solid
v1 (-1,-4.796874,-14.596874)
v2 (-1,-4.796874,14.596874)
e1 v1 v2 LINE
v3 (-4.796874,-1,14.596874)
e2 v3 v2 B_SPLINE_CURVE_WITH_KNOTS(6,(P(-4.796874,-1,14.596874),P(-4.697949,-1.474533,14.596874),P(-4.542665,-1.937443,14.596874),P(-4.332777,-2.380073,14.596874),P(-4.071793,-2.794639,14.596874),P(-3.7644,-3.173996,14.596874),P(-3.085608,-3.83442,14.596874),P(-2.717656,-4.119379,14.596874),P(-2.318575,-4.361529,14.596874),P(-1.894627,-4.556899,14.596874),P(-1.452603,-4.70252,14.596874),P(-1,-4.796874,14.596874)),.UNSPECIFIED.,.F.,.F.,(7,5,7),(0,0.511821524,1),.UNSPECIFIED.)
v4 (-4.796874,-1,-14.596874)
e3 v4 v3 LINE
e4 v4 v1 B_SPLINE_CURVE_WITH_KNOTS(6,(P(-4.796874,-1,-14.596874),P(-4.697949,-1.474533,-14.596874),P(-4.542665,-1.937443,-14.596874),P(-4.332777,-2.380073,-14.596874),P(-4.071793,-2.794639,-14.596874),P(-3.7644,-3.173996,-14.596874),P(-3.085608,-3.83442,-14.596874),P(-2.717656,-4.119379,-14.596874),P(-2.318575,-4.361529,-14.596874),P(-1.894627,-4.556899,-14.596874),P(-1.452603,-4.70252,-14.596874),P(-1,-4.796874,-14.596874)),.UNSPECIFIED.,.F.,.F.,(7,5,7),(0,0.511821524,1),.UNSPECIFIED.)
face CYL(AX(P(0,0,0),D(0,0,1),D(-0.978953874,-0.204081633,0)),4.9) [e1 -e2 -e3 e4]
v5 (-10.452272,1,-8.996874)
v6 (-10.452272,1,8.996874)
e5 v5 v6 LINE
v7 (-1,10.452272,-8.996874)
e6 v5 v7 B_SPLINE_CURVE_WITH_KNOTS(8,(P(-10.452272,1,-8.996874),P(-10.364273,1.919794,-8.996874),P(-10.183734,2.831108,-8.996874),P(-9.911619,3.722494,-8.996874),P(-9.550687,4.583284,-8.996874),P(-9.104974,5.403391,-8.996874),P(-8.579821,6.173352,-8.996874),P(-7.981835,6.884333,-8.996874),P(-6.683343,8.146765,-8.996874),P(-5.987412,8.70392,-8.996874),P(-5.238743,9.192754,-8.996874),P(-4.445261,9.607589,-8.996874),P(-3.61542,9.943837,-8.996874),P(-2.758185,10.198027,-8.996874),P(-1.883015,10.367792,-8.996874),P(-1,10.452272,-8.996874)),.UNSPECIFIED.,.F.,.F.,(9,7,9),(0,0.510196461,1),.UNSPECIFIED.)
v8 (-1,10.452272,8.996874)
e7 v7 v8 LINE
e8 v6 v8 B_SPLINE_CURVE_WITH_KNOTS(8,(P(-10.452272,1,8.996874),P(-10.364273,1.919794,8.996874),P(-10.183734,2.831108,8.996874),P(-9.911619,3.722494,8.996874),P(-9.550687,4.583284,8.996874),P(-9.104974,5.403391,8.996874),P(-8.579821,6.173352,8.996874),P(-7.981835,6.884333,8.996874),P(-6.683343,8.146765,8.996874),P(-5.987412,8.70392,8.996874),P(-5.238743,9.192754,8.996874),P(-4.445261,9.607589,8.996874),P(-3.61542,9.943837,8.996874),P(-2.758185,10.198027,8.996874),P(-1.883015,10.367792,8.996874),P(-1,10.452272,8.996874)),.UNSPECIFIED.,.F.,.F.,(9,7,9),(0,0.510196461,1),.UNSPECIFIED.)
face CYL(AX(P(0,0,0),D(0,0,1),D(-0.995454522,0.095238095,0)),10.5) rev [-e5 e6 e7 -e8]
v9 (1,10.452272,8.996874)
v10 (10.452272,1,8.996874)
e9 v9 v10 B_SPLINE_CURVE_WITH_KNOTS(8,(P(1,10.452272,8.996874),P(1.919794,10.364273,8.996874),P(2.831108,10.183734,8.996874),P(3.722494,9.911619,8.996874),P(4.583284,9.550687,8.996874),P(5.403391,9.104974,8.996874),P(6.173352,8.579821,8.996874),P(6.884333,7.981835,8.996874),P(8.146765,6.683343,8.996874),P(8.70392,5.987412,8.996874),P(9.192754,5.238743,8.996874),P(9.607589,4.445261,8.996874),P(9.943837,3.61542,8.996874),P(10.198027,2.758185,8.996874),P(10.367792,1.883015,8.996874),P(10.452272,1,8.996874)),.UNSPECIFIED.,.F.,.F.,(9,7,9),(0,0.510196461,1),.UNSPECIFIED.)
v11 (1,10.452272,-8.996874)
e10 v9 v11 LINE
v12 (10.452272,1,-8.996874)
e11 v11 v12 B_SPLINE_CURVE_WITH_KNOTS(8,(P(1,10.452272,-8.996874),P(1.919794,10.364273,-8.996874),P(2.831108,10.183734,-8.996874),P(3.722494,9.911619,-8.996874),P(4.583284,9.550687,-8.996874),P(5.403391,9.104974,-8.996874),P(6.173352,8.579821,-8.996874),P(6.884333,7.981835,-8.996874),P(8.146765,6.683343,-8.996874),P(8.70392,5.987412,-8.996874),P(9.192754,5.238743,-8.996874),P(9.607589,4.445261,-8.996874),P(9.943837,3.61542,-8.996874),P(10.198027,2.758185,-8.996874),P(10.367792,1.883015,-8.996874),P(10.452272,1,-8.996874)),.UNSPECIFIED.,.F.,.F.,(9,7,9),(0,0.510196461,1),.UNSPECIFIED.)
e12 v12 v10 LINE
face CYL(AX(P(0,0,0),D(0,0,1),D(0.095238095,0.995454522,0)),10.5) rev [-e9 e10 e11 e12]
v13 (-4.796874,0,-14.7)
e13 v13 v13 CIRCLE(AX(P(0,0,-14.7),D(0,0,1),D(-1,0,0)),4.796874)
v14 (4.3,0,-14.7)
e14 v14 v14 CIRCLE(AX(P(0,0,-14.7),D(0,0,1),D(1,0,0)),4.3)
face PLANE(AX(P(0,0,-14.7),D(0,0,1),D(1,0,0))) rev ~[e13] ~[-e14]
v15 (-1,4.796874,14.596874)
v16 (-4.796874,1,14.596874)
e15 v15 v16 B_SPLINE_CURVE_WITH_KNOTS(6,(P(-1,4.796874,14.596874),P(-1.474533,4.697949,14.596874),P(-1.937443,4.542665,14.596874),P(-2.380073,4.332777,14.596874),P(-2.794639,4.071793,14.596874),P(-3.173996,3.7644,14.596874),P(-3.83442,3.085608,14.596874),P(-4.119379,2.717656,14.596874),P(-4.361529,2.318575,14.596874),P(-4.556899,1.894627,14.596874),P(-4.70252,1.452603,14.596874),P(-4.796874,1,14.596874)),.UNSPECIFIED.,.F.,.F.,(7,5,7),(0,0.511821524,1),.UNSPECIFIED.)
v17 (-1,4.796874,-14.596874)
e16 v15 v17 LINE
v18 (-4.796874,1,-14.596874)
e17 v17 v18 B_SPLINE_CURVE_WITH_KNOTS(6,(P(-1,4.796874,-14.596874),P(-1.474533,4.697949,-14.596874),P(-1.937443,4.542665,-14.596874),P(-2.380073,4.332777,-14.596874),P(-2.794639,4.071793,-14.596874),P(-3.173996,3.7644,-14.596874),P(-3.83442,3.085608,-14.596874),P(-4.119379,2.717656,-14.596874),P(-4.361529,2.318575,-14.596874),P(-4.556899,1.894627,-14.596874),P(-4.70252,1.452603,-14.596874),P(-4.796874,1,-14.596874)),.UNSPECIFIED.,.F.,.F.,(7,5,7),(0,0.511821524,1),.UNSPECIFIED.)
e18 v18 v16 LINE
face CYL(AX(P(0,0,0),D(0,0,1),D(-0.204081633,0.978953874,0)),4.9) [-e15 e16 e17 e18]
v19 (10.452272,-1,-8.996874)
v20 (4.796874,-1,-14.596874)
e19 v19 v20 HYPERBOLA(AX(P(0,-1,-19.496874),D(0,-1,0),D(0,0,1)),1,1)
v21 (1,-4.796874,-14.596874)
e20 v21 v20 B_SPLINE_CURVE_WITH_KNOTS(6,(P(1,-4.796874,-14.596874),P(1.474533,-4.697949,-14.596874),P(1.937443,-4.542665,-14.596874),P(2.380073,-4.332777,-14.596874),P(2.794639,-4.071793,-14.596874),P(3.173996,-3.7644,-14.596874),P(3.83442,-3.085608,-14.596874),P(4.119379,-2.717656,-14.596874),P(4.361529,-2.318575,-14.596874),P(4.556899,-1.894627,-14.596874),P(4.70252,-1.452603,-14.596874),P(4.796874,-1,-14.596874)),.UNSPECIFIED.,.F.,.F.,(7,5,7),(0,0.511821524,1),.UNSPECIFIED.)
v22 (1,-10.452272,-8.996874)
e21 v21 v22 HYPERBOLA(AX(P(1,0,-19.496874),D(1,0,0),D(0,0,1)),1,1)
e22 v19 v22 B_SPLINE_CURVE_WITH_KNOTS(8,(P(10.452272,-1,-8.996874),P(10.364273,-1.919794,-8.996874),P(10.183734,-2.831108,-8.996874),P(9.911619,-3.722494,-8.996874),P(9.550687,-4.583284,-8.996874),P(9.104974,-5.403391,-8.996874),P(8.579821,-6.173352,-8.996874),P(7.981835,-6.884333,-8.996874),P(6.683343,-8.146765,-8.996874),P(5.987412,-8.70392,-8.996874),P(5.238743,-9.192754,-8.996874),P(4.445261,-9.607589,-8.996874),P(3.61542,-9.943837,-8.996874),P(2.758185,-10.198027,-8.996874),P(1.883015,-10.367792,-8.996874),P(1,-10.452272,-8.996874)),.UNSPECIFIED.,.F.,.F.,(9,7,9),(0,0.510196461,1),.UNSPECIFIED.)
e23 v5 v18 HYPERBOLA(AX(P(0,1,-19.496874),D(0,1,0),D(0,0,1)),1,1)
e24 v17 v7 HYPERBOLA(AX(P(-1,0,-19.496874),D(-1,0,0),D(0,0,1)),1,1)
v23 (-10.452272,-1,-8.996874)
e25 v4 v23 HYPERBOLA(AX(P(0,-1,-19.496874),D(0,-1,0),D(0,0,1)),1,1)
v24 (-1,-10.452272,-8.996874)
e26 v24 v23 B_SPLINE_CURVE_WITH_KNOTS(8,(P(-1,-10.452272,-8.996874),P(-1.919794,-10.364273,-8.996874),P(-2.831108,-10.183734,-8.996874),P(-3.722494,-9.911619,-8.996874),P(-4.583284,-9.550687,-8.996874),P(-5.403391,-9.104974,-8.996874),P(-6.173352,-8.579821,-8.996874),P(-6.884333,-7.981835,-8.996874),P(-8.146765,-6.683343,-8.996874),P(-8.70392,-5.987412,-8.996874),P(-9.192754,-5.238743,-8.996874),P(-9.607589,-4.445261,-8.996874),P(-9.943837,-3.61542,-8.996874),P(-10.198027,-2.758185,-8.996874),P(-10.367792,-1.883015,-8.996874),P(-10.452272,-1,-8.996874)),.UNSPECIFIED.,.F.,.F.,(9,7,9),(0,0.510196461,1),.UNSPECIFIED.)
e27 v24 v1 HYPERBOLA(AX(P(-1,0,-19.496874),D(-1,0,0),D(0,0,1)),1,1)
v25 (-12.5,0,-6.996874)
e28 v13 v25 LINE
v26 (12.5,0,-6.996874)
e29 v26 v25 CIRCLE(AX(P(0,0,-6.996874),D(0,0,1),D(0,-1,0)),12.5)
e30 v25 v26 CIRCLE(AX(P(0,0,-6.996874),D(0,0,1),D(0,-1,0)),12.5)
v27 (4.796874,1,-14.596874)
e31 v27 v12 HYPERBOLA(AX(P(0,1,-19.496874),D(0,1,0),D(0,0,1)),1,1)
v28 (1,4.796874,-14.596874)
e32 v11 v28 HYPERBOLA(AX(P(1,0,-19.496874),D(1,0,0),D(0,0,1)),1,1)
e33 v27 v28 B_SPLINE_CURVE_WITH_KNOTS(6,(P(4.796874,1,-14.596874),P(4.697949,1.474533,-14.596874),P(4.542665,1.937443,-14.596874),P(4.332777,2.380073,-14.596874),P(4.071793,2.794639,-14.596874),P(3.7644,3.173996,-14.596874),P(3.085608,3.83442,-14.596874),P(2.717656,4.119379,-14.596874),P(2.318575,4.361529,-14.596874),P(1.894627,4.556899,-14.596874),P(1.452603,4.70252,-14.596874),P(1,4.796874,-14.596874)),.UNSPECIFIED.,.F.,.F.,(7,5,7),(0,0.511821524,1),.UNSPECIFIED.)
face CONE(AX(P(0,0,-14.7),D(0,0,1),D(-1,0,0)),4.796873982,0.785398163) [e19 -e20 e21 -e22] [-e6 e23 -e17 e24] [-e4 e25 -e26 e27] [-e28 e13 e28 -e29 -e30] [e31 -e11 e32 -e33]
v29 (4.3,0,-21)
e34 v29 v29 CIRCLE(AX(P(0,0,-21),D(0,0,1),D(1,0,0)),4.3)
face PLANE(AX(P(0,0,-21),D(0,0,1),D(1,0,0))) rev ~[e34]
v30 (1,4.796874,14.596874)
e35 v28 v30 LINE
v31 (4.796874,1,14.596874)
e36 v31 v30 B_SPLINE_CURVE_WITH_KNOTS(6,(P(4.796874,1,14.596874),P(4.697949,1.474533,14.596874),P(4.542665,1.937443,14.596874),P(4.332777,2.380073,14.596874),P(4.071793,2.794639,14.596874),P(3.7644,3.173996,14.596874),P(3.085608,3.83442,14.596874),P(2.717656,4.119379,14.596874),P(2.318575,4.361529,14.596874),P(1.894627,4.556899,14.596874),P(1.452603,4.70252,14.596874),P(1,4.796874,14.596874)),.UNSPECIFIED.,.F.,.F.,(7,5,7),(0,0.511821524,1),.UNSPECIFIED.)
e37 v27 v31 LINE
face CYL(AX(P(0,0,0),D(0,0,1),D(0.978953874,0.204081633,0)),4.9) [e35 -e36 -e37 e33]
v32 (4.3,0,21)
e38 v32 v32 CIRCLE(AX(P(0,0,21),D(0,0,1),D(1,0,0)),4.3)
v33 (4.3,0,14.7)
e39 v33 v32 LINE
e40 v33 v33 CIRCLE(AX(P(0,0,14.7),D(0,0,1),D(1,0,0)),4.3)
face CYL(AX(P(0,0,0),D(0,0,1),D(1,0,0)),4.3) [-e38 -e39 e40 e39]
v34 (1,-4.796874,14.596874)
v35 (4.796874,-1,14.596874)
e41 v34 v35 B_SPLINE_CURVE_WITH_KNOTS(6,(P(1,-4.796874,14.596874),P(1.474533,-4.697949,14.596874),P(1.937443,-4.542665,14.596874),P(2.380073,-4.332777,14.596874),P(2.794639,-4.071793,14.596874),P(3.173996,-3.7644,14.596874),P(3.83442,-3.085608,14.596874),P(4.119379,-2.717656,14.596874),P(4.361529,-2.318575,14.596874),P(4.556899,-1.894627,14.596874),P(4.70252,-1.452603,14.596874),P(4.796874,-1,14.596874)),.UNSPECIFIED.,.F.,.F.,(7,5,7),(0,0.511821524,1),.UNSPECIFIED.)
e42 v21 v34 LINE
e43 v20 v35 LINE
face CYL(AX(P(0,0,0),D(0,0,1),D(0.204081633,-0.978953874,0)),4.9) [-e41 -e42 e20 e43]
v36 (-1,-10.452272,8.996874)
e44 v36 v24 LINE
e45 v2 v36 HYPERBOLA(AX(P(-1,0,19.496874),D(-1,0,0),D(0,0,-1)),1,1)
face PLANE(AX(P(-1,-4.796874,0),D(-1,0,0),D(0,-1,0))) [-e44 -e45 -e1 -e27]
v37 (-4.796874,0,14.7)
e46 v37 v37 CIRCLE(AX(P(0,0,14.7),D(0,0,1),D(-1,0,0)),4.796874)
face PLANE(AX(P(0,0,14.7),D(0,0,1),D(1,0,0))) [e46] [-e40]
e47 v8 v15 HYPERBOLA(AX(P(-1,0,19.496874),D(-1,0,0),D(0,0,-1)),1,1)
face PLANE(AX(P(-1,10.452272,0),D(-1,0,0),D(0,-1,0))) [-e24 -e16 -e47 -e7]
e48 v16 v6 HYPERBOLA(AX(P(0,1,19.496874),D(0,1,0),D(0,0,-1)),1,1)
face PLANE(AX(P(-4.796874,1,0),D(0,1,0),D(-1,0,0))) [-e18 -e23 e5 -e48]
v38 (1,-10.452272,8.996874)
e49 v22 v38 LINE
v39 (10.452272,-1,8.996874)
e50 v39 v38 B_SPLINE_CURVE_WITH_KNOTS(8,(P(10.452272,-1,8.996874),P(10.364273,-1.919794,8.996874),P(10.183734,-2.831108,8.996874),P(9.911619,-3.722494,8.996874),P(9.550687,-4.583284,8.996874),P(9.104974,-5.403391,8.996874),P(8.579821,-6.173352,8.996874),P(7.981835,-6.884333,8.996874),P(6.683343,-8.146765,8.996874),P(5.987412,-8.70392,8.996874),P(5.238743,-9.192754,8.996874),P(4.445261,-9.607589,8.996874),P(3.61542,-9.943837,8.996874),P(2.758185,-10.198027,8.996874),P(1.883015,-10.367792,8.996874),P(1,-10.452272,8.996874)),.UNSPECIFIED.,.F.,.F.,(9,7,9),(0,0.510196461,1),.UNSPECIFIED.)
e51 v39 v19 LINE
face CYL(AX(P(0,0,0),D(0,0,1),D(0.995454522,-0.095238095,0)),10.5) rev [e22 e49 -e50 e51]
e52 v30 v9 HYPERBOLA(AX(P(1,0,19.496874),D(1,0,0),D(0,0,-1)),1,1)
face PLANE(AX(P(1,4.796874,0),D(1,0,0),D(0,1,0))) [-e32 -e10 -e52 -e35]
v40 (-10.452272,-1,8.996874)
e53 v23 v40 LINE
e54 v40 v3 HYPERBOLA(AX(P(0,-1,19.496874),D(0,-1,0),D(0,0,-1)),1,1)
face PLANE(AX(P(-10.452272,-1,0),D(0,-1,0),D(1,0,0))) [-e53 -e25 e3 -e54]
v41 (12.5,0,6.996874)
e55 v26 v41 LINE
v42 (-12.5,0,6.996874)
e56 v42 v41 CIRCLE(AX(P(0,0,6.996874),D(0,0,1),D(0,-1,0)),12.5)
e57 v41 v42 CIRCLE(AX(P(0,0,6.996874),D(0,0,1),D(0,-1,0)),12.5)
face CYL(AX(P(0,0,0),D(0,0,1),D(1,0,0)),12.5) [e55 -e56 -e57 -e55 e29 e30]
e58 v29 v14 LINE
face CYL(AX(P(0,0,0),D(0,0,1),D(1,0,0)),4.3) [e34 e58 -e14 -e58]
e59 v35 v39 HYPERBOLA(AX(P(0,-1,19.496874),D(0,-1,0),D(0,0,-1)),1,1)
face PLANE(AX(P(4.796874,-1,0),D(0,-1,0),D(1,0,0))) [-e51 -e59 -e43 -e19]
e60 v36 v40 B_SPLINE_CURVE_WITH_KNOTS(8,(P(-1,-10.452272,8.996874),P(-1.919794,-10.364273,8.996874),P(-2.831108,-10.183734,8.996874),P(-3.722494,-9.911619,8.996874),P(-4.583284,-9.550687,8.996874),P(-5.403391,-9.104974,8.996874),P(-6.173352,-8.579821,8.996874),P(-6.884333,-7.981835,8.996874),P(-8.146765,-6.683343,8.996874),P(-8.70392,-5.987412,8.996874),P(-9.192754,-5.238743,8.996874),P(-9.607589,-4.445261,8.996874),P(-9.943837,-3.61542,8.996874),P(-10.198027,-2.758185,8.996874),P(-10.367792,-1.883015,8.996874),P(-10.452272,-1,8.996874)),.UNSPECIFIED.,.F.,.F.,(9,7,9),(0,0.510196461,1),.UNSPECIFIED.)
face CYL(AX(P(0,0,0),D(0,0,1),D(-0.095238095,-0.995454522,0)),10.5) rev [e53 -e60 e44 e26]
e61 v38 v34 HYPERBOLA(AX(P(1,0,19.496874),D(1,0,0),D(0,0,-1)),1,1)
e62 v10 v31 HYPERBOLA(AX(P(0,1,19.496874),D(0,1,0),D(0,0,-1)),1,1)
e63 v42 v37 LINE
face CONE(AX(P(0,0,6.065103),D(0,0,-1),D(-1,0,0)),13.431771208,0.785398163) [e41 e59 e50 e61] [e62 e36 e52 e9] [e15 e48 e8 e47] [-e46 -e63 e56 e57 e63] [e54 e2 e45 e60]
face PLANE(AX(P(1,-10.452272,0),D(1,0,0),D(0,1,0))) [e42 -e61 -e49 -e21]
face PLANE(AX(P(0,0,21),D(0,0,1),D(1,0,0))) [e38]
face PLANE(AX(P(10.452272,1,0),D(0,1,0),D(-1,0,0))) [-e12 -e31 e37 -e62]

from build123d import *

# Parameters (mm, degrees)
F0_R     = 4.3
F0_R_2   = 2.3
F1_DEPTH = 21
F0_R_3   = 12.5
F2_DEPTH = 14.7


with BuildPart() as f1:
    # F0 (on Top) → F1 (new body, symmetric)
    with BuildSketch(Plane.XY):
        Circle(F0_R)
        Circle(F0_R_2, mode=Mode.SUBTRACT)
        Circle(F0_R_2)
    extrude(amount=F1_DEPTH, both=True)

    # F0 (on Top) → F2 (join, symmetric)
    with BuildSketch(Plane.XY):
        Circle(F0_R_3)
        with BuildLine():
            ThreePointArc((1, 10.4522724802), (7.4246212025, 7.4246212025), (10.4522724802, 1))
            ThreePointArc((10.4522724802, 1), (10.4880613328, 0.5005691551), (10.5, 0))
            ThreePointArc((10.5, 0), (10.4880613328, -0.5005691551), (10.4522724802, -1))
            ThreePointArc((10.4522724802, -1), (7.4246212025, -7.4246212025), (1, -10.4522724802))
            ThreePointArc((1, -10.4522724802), (0, -10.5), (-1, -10.4522724802))
            ThreePointArc((-1, -10.4522724802), (-7.4246212025, -7.4246212025), (-10.4522724802, -1))
            ThreePointArc((-10.4522724802, -1), (-10.5, 0), (-10.4522724802, 1))
            ThreePointArc((-10.4522724802, 1), (-7.4246212025, 7.4246212025), (-1, 10.4522724802))
            ThreePointArc((-1, 10.4522724802), (0, 10.5), (1, 10.4522724802))
        make_face(mode=Mode.SUBTRACT)
        with BuildLine():
            ThreePointArc((4.7968739821, -1), (4.8741503112, -0.5026517123), (4.9, 0))
            ThreePointArc((4.9, 0), (4.8741503112, 0.5026517123), (4.7968739821, 1))
            ThreePointArc((4.7968739821, 1), (3.4648232278, 3.4648232278), (1, 4.7968739821))
            ThreePointArc((1, 4.7968739821), (0, 4.9), (-1, 4.7968739821))
            ThreePointArc((-1, 4.7968739821), (-3.4648232278, 3.4648232278), (-4.7968739821, 1))
            ThreePointArc((-4.7968739821, 1), (-4.9, 0), (-4.7968739821, -1))
            ThreePointArc((-4.7968739821, -1), (-3.4648232278, -3.4648232278), (-1, -4.7968739821))
            ThreePointArc((-1, -4.7968739821), (0, -4.9), (1, -4.7968739821))
            ThreePointArc((1, -4.7968739821), (3.4648232278, -3.4648232278), (4.7968739821, -1))
        make_face()
        Circle(F0_R, mode=Mode.SUBTRACT)
        with BuildLine():
            ThreePointArc((-4.7968739821, -1), (-4.9, 0), (-4.7968739821, 1))
            Line((-4.7968739821, 1), (-10.4522724802, 1))
            ThreePointArc((-10.4522724802, 1), (-10.5, 0), (-10.4522724802, -1))
            Line((-10.4522724802, -1), (-4.7968739821, -1))
        make_face()
        with BuildLine():
            Line((1, -10.4522724802), (1, -4.7968739821))
            ThreePointArc((1, -4.7968739821), (0, -4.9), (-1, -4.7968739821))
            Line((-1, -4.7968739821), (-1, -10.4522724802))
            ThreePointArc((-1, -10.4522724802), (0, -10.5), (1, -10.4522724802))
        make_face()
        with BuildLine():
            ThreePointArc((4.7968739821, 1), (4.8741503112, 0.5026517123), (4.9, 0))
            ThreePointArc((4.9, 0), (4.8741503112, -0.5026517123), (4.7968739821, -1))
            Line((4.7968739821, -1), (10.4522724802, -1))
            ThreePointArc((10.4522724802, -1), (10.4880613328, -0.5005691551), (10.5, 0))
            ThreePointArc((10.5, 0), (10.4880613328, 0.5005691551), (10.4522724802, 1))
            Line((10.4522724802, 1), (4.7968739821, 1))
        make_face()
        with BuildLine():
            ThreePointArc((-1, 4.7968739821), (0, 4.9), (1, 4.7968739821))
            Line((1, 4.7968739821), (1, 10.4522724802))
            ThreePointArc((1, 10.4522724802), (0, 10.5), (-1, 10.4522724802))
            Line((-1, 10.4522724802), (-1, 4.7968739821))
        make_face()
    extrude(amount=F2_DEPTH, both=True)

    # F3 (on Front) → F4 (revolve, cut)
    with BuildSketch(Plane.XZ):
        Polygon((-13.4317712075, 14.7), (-13.4317712075, 6.0651027746), (-4.7968739821, 14.7), align=None)
        Polygon((-13.4317712075, -14.7), (-4.7968739821, -14.7), (-13.4317712075, -6.0651027746), align=None)
    revolve(axis=Axis((0, 0, -14.7), (0, 0, 1)), mode=Mode.SUBTRACT)


solid = f1.part
